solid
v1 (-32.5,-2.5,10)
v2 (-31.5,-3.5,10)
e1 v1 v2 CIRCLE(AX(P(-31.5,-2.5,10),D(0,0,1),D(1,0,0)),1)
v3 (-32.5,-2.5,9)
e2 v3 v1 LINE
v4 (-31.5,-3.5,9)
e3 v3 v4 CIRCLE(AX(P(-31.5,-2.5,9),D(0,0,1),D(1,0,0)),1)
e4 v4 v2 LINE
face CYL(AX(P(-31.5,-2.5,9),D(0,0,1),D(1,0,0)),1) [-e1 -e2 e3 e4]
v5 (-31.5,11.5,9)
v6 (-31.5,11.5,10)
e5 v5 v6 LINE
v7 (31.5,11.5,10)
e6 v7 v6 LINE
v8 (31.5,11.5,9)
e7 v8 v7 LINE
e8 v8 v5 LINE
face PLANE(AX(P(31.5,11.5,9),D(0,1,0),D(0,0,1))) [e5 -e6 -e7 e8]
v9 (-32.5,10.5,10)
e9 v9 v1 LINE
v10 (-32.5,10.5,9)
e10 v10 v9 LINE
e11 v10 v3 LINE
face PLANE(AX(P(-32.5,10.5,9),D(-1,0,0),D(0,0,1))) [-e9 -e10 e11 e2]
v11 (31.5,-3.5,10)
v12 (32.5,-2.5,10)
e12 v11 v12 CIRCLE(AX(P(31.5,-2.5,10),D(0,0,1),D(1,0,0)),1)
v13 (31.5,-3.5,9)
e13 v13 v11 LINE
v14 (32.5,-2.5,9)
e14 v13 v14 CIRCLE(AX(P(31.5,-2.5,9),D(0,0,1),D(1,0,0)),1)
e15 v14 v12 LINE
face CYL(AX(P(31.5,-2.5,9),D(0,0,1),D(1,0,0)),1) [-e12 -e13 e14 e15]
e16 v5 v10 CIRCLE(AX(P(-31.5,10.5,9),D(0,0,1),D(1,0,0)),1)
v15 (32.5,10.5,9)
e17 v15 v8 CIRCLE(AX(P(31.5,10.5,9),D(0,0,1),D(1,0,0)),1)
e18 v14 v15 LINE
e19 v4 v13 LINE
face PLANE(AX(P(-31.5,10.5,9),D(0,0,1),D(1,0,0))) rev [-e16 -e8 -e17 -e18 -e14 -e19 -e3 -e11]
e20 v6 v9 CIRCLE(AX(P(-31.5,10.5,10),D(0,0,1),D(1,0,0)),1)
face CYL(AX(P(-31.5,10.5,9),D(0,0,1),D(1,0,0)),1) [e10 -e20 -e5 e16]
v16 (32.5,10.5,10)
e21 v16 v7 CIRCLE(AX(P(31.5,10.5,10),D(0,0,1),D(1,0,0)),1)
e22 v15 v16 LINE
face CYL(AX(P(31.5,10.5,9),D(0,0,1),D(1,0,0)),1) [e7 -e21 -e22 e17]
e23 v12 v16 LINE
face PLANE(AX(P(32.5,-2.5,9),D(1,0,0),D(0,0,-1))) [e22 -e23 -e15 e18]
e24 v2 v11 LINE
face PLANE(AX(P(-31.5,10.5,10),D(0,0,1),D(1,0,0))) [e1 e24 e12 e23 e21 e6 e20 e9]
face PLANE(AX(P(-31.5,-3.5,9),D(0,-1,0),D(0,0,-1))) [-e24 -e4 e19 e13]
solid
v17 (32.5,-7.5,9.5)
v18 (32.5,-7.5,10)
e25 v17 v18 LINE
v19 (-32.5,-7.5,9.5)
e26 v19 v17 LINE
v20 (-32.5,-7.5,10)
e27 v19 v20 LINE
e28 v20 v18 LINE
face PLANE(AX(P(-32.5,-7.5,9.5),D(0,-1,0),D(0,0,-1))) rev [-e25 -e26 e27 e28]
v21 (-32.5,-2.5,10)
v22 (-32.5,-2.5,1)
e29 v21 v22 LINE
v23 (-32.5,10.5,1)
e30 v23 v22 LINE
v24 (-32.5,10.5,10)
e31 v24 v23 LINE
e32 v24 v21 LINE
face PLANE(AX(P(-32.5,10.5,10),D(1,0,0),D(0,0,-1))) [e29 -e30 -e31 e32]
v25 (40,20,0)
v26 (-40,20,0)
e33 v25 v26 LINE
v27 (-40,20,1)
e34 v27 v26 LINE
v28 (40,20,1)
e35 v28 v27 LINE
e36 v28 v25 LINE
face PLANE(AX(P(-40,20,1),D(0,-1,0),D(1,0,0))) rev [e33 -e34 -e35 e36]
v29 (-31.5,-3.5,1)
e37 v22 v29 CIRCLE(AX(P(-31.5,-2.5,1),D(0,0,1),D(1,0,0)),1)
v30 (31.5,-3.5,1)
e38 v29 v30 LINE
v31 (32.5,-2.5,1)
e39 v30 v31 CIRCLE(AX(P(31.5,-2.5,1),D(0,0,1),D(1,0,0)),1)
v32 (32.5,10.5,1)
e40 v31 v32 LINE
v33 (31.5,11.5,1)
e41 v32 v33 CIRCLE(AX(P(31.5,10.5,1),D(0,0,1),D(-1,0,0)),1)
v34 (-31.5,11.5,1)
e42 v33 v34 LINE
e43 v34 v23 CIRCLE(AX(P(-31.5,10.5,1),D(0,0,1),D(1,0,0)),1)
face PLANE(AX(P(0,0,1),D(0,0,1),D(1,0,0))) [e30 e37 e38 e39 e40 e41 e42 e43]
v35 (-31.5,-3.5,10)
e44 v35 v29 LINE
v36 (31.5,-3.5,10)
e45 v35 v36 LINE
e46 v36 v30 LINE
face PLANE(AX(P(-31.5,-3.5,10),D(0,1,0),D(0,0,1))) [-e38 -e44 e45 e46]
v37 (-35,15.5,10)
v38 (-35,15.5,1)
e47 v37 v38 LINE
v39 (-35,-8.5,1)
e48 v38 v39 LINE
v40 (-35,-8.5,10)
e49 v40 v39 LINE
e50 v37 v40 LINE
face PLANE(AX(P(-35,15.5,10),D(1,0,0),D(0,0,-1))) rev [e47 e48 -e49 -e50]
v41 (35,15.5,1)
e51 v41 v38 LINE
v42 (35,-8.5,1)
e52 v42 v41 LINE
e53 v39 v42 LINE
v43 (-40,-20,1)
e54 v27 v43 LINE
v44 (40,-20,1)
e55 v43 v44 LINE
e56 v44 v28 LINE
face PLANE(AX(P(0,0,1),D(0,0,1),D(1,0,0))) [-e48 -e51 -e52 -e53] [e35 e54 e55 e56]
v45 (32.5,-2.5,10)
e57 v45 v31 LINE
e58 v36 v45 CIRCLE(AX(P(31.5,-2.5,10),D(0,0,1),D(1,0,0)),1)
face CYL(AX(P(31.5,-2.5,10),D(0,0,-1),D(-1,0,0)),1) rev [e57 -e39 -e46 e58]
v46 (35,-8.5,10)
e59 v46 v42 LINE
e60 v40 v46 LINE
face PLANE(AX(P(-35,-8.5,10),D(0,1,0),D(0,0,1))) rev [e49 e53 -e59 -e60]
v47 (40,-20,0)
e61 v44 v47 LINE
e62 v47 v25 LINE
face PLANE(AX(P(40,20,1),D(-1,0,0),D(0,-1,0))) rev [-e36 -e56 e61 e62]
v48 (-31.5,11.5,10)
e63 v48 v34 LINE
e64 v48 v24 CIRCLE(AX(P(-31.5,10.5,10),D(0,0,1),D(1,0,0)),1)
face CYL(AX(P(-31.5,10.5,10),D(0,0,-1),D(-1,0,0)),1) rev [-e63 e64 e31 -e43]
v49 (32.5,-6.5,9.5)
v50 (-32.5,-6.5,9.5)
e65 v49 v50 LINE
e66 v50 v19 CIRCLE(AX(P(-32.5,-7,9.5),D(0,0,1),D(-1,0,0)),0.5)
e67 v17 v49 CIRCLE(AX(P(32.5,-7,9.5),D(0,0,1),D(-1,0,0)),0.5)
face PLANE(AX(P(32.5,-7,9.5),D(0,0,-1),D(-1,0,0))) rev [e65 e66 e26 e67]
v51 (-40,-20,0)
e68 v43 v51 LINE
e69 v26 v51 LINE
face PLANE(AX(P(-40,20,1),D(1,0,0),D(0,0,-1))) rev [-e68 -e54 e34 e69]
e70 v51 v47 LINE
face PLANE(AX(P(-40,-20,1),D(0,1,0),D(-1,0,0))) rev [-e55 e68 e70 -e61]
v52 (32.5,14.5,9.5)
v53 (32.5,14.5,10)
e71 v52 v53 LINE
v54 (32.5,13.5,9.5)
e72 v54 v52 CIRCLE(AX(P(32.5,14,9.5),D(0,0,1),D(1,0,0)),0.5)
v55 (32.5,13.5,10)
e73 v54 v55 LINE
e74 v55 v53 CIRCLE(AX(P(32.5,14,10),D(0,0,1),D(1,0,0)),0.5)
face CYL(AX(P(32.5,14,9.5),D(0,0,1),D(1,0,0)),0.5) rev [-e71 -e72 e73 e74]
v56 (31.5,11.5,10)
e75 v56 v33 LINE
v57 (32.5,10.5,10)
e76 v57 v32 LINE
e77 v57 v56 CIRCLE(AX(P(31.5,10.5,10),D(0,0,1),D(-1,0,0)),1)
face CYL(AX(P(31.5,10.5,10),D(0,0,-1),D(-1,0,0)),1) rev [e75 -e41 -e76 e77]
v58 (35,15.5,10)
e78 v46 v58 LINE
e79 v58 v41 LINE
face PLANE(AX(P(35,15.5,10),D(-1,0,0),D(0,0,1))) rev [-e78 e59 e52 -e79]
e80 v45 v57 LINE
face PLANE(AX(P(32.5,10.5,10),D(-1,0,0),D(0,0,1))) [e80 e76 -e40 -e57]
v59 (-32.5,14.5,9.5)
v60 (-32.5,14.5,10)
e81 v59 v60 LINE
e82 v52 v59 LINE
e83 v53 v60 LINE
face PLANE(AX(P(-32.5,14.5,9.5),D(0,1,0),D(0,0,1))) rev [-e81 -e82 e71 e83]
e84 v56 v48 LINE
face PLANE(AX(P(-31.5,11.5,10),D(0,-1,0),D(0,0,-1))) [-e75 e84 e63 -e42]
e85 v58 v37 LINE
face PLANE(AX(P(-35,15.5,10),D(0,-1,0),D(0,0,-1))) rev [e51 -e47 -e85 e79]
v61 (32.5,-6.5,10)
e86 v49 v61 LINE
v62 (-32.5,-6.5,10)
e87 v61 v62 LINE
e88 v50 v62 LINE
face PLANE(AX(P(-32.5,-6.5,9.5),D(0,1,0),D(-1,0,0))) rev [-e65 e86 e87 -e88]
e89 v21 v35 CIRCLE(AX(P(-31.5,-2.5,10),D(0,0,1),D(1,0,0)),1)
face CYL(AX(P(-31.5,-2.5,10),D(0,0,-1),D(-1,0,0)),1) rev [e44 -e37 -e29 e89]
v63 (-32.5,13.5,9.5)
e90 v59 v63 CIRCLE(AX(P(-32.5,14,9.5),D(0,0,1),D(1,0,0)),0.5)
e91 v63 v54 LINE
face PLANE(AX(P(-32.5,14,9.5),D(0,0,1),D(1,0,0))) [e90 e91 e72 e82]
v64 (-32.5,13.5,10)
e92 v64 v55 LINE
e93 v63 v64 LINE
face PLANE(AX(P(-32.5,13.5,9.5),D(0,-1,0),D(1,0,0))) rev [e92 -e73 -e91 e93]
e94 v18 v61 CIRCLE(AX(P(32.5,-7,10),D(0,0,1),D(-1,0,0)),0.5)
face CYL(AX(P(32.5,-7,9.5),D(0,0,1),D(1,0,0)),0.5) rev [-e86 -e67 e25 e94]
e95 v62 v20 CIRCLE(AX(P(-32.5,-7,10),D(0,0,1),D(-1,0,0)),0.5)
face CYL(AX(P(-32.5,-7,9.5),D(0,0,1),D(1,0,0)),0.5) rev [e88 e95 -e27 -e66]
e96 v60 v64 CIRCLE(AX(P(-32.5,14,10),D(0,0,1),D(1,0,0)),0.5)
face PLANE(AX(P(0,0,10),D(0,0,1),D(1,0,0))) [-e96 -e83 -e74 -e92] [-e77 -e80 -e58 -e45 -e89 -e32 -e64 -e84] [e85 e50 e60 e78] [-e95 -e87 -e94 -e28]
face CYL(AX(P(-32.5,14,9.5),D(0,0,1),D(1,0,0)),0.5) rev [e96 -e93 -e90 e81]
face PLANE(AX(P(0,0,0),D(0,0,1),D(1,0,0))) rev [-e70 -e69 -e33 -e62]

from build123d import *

# Parameters (mm, degrees)
ESQUISSE1_W             = 80
ESQUISSE1_H             = 40
BOSS_EXTRU_1_DEPTH      = 1
ESQUISSE2_W             = 70
ESQUISSE2_H             = 24
BOSS_EXTRU_2_DEPTH      = 9
ENL_V_MAT_EXTRU_1_DEPTH = 0.5
BOSS_EXTRU_4_DEPTH      = 1


with BuildPart() as part:
    # Esquisse1 → Boss.-Extru.1 (new body)
    with BuildSketch(Plane.XY):
        Rectangle(ESQUISSE1_W, ESQUISSE1_H)
    extrude(amount=BOSS_EXTRU_1_DEPTH)

    # Esquisse2 → Boss.-Extru.2 (add)
    with BuildSketch(Plane.XY.offset(1)):
        with Locations((0, 3.5)):
            Rectangle(ESQUISSE2_W, ESQUISSE2_H)
        with BuildLine():
            Line((-31.5, 11.5), (31.5, 11.5))
            ThreePointArc((31.5, 11.5), (32.207106781, 11.207106781), (32.5, 10.5))
            Line((32.5, 10.5), (32.5, -2.5))
            ThreePointArc((32.5, -2.5), (32.207106781, -3.207106781), (31.5, -3.5))
            Line((31.5, -3.5), (-31.5, -3.5))
            ThreePointArc((-31.5, -3.5), (-32.207106781, -3.207106781), (-32.5, -2.5))
            Line((-32.5, -2.5), (-32.5, 10.5))
            ThreePointArc((-32.5, 10.5), (-32.207106781, 11.207106781), (-31.5, 11.5))
        make_face(mode=Mode.SUBTRACT)
    extrude(amount=BOSS_EXTRU_2_DEPTH)

    # Esquisse3 → Enlèv. mat.-Extru.1 (cut)
    with BuildSketch(Plane.XY.offset(10)):
        with BuildLine():
            Line((-32.5, 14.5), (32.5, 14.5))
            ThreePointArc((32.5, 14.5), (33, 14), (32.5, 13.5))
            Line((32.5, 13.5), (-32.5, 13.5))
            ThreePointArc((-32.5, 13.5), (-33, 14), (-32.5, 14.5))
        make_face()
        with BuildLine():
            Line((-32.5, -6.5), (32.5, -6.5))
            ThreePointArc((32.5, -6.5), (33, -7), (32.5, -7.5))
            Line((32.5, -7.5), (-32.5, -7.5))
            ThreePointArc((-32.5, -7.5), (-33, -7), (-32.5, -6.5))
        make_face()
    extrude(amount=-ENL_V_MAT_EXTRU_1_DEPTH, mode=Mode.SUBTRACT)


with BuildPart() as body_2:
    # Esquisse4 → Boss.-Extru.4 (new body)
    with BuildSketch(Plane.XY.offset(10)):
        with BuildLine():
            Line((32.5, -2.5), (32.5, 10.5))
            ThreePointArc((32.5, 10.5), (32.207106781, 11.207106781), (31.5, 11.5))
            Line((31.5, 11.5), (-31.5, 11.5))
            ThreePointArc((-31.5, 11.5), (-32.207106781, 11.207106781), (-32.5, 10.5))
            Line((-32.5, 10.5), (-32.5, -2.5))
            ThreePointArc((-32.5, -2.5), (-32.207106781, -3.207106781), (-31.5, -3.5))
            Line((-31.5, -3.5), (31.5, -3.5))
            ThreePointArc((31.5, -3.5), (32.207106781, -3.207106781), (32.5, -2.5))
        make_face()
    extrude(amount=-BOSS_EXTRU_4_DEPTH)


solid = Compound([part.part, body_2.part])
